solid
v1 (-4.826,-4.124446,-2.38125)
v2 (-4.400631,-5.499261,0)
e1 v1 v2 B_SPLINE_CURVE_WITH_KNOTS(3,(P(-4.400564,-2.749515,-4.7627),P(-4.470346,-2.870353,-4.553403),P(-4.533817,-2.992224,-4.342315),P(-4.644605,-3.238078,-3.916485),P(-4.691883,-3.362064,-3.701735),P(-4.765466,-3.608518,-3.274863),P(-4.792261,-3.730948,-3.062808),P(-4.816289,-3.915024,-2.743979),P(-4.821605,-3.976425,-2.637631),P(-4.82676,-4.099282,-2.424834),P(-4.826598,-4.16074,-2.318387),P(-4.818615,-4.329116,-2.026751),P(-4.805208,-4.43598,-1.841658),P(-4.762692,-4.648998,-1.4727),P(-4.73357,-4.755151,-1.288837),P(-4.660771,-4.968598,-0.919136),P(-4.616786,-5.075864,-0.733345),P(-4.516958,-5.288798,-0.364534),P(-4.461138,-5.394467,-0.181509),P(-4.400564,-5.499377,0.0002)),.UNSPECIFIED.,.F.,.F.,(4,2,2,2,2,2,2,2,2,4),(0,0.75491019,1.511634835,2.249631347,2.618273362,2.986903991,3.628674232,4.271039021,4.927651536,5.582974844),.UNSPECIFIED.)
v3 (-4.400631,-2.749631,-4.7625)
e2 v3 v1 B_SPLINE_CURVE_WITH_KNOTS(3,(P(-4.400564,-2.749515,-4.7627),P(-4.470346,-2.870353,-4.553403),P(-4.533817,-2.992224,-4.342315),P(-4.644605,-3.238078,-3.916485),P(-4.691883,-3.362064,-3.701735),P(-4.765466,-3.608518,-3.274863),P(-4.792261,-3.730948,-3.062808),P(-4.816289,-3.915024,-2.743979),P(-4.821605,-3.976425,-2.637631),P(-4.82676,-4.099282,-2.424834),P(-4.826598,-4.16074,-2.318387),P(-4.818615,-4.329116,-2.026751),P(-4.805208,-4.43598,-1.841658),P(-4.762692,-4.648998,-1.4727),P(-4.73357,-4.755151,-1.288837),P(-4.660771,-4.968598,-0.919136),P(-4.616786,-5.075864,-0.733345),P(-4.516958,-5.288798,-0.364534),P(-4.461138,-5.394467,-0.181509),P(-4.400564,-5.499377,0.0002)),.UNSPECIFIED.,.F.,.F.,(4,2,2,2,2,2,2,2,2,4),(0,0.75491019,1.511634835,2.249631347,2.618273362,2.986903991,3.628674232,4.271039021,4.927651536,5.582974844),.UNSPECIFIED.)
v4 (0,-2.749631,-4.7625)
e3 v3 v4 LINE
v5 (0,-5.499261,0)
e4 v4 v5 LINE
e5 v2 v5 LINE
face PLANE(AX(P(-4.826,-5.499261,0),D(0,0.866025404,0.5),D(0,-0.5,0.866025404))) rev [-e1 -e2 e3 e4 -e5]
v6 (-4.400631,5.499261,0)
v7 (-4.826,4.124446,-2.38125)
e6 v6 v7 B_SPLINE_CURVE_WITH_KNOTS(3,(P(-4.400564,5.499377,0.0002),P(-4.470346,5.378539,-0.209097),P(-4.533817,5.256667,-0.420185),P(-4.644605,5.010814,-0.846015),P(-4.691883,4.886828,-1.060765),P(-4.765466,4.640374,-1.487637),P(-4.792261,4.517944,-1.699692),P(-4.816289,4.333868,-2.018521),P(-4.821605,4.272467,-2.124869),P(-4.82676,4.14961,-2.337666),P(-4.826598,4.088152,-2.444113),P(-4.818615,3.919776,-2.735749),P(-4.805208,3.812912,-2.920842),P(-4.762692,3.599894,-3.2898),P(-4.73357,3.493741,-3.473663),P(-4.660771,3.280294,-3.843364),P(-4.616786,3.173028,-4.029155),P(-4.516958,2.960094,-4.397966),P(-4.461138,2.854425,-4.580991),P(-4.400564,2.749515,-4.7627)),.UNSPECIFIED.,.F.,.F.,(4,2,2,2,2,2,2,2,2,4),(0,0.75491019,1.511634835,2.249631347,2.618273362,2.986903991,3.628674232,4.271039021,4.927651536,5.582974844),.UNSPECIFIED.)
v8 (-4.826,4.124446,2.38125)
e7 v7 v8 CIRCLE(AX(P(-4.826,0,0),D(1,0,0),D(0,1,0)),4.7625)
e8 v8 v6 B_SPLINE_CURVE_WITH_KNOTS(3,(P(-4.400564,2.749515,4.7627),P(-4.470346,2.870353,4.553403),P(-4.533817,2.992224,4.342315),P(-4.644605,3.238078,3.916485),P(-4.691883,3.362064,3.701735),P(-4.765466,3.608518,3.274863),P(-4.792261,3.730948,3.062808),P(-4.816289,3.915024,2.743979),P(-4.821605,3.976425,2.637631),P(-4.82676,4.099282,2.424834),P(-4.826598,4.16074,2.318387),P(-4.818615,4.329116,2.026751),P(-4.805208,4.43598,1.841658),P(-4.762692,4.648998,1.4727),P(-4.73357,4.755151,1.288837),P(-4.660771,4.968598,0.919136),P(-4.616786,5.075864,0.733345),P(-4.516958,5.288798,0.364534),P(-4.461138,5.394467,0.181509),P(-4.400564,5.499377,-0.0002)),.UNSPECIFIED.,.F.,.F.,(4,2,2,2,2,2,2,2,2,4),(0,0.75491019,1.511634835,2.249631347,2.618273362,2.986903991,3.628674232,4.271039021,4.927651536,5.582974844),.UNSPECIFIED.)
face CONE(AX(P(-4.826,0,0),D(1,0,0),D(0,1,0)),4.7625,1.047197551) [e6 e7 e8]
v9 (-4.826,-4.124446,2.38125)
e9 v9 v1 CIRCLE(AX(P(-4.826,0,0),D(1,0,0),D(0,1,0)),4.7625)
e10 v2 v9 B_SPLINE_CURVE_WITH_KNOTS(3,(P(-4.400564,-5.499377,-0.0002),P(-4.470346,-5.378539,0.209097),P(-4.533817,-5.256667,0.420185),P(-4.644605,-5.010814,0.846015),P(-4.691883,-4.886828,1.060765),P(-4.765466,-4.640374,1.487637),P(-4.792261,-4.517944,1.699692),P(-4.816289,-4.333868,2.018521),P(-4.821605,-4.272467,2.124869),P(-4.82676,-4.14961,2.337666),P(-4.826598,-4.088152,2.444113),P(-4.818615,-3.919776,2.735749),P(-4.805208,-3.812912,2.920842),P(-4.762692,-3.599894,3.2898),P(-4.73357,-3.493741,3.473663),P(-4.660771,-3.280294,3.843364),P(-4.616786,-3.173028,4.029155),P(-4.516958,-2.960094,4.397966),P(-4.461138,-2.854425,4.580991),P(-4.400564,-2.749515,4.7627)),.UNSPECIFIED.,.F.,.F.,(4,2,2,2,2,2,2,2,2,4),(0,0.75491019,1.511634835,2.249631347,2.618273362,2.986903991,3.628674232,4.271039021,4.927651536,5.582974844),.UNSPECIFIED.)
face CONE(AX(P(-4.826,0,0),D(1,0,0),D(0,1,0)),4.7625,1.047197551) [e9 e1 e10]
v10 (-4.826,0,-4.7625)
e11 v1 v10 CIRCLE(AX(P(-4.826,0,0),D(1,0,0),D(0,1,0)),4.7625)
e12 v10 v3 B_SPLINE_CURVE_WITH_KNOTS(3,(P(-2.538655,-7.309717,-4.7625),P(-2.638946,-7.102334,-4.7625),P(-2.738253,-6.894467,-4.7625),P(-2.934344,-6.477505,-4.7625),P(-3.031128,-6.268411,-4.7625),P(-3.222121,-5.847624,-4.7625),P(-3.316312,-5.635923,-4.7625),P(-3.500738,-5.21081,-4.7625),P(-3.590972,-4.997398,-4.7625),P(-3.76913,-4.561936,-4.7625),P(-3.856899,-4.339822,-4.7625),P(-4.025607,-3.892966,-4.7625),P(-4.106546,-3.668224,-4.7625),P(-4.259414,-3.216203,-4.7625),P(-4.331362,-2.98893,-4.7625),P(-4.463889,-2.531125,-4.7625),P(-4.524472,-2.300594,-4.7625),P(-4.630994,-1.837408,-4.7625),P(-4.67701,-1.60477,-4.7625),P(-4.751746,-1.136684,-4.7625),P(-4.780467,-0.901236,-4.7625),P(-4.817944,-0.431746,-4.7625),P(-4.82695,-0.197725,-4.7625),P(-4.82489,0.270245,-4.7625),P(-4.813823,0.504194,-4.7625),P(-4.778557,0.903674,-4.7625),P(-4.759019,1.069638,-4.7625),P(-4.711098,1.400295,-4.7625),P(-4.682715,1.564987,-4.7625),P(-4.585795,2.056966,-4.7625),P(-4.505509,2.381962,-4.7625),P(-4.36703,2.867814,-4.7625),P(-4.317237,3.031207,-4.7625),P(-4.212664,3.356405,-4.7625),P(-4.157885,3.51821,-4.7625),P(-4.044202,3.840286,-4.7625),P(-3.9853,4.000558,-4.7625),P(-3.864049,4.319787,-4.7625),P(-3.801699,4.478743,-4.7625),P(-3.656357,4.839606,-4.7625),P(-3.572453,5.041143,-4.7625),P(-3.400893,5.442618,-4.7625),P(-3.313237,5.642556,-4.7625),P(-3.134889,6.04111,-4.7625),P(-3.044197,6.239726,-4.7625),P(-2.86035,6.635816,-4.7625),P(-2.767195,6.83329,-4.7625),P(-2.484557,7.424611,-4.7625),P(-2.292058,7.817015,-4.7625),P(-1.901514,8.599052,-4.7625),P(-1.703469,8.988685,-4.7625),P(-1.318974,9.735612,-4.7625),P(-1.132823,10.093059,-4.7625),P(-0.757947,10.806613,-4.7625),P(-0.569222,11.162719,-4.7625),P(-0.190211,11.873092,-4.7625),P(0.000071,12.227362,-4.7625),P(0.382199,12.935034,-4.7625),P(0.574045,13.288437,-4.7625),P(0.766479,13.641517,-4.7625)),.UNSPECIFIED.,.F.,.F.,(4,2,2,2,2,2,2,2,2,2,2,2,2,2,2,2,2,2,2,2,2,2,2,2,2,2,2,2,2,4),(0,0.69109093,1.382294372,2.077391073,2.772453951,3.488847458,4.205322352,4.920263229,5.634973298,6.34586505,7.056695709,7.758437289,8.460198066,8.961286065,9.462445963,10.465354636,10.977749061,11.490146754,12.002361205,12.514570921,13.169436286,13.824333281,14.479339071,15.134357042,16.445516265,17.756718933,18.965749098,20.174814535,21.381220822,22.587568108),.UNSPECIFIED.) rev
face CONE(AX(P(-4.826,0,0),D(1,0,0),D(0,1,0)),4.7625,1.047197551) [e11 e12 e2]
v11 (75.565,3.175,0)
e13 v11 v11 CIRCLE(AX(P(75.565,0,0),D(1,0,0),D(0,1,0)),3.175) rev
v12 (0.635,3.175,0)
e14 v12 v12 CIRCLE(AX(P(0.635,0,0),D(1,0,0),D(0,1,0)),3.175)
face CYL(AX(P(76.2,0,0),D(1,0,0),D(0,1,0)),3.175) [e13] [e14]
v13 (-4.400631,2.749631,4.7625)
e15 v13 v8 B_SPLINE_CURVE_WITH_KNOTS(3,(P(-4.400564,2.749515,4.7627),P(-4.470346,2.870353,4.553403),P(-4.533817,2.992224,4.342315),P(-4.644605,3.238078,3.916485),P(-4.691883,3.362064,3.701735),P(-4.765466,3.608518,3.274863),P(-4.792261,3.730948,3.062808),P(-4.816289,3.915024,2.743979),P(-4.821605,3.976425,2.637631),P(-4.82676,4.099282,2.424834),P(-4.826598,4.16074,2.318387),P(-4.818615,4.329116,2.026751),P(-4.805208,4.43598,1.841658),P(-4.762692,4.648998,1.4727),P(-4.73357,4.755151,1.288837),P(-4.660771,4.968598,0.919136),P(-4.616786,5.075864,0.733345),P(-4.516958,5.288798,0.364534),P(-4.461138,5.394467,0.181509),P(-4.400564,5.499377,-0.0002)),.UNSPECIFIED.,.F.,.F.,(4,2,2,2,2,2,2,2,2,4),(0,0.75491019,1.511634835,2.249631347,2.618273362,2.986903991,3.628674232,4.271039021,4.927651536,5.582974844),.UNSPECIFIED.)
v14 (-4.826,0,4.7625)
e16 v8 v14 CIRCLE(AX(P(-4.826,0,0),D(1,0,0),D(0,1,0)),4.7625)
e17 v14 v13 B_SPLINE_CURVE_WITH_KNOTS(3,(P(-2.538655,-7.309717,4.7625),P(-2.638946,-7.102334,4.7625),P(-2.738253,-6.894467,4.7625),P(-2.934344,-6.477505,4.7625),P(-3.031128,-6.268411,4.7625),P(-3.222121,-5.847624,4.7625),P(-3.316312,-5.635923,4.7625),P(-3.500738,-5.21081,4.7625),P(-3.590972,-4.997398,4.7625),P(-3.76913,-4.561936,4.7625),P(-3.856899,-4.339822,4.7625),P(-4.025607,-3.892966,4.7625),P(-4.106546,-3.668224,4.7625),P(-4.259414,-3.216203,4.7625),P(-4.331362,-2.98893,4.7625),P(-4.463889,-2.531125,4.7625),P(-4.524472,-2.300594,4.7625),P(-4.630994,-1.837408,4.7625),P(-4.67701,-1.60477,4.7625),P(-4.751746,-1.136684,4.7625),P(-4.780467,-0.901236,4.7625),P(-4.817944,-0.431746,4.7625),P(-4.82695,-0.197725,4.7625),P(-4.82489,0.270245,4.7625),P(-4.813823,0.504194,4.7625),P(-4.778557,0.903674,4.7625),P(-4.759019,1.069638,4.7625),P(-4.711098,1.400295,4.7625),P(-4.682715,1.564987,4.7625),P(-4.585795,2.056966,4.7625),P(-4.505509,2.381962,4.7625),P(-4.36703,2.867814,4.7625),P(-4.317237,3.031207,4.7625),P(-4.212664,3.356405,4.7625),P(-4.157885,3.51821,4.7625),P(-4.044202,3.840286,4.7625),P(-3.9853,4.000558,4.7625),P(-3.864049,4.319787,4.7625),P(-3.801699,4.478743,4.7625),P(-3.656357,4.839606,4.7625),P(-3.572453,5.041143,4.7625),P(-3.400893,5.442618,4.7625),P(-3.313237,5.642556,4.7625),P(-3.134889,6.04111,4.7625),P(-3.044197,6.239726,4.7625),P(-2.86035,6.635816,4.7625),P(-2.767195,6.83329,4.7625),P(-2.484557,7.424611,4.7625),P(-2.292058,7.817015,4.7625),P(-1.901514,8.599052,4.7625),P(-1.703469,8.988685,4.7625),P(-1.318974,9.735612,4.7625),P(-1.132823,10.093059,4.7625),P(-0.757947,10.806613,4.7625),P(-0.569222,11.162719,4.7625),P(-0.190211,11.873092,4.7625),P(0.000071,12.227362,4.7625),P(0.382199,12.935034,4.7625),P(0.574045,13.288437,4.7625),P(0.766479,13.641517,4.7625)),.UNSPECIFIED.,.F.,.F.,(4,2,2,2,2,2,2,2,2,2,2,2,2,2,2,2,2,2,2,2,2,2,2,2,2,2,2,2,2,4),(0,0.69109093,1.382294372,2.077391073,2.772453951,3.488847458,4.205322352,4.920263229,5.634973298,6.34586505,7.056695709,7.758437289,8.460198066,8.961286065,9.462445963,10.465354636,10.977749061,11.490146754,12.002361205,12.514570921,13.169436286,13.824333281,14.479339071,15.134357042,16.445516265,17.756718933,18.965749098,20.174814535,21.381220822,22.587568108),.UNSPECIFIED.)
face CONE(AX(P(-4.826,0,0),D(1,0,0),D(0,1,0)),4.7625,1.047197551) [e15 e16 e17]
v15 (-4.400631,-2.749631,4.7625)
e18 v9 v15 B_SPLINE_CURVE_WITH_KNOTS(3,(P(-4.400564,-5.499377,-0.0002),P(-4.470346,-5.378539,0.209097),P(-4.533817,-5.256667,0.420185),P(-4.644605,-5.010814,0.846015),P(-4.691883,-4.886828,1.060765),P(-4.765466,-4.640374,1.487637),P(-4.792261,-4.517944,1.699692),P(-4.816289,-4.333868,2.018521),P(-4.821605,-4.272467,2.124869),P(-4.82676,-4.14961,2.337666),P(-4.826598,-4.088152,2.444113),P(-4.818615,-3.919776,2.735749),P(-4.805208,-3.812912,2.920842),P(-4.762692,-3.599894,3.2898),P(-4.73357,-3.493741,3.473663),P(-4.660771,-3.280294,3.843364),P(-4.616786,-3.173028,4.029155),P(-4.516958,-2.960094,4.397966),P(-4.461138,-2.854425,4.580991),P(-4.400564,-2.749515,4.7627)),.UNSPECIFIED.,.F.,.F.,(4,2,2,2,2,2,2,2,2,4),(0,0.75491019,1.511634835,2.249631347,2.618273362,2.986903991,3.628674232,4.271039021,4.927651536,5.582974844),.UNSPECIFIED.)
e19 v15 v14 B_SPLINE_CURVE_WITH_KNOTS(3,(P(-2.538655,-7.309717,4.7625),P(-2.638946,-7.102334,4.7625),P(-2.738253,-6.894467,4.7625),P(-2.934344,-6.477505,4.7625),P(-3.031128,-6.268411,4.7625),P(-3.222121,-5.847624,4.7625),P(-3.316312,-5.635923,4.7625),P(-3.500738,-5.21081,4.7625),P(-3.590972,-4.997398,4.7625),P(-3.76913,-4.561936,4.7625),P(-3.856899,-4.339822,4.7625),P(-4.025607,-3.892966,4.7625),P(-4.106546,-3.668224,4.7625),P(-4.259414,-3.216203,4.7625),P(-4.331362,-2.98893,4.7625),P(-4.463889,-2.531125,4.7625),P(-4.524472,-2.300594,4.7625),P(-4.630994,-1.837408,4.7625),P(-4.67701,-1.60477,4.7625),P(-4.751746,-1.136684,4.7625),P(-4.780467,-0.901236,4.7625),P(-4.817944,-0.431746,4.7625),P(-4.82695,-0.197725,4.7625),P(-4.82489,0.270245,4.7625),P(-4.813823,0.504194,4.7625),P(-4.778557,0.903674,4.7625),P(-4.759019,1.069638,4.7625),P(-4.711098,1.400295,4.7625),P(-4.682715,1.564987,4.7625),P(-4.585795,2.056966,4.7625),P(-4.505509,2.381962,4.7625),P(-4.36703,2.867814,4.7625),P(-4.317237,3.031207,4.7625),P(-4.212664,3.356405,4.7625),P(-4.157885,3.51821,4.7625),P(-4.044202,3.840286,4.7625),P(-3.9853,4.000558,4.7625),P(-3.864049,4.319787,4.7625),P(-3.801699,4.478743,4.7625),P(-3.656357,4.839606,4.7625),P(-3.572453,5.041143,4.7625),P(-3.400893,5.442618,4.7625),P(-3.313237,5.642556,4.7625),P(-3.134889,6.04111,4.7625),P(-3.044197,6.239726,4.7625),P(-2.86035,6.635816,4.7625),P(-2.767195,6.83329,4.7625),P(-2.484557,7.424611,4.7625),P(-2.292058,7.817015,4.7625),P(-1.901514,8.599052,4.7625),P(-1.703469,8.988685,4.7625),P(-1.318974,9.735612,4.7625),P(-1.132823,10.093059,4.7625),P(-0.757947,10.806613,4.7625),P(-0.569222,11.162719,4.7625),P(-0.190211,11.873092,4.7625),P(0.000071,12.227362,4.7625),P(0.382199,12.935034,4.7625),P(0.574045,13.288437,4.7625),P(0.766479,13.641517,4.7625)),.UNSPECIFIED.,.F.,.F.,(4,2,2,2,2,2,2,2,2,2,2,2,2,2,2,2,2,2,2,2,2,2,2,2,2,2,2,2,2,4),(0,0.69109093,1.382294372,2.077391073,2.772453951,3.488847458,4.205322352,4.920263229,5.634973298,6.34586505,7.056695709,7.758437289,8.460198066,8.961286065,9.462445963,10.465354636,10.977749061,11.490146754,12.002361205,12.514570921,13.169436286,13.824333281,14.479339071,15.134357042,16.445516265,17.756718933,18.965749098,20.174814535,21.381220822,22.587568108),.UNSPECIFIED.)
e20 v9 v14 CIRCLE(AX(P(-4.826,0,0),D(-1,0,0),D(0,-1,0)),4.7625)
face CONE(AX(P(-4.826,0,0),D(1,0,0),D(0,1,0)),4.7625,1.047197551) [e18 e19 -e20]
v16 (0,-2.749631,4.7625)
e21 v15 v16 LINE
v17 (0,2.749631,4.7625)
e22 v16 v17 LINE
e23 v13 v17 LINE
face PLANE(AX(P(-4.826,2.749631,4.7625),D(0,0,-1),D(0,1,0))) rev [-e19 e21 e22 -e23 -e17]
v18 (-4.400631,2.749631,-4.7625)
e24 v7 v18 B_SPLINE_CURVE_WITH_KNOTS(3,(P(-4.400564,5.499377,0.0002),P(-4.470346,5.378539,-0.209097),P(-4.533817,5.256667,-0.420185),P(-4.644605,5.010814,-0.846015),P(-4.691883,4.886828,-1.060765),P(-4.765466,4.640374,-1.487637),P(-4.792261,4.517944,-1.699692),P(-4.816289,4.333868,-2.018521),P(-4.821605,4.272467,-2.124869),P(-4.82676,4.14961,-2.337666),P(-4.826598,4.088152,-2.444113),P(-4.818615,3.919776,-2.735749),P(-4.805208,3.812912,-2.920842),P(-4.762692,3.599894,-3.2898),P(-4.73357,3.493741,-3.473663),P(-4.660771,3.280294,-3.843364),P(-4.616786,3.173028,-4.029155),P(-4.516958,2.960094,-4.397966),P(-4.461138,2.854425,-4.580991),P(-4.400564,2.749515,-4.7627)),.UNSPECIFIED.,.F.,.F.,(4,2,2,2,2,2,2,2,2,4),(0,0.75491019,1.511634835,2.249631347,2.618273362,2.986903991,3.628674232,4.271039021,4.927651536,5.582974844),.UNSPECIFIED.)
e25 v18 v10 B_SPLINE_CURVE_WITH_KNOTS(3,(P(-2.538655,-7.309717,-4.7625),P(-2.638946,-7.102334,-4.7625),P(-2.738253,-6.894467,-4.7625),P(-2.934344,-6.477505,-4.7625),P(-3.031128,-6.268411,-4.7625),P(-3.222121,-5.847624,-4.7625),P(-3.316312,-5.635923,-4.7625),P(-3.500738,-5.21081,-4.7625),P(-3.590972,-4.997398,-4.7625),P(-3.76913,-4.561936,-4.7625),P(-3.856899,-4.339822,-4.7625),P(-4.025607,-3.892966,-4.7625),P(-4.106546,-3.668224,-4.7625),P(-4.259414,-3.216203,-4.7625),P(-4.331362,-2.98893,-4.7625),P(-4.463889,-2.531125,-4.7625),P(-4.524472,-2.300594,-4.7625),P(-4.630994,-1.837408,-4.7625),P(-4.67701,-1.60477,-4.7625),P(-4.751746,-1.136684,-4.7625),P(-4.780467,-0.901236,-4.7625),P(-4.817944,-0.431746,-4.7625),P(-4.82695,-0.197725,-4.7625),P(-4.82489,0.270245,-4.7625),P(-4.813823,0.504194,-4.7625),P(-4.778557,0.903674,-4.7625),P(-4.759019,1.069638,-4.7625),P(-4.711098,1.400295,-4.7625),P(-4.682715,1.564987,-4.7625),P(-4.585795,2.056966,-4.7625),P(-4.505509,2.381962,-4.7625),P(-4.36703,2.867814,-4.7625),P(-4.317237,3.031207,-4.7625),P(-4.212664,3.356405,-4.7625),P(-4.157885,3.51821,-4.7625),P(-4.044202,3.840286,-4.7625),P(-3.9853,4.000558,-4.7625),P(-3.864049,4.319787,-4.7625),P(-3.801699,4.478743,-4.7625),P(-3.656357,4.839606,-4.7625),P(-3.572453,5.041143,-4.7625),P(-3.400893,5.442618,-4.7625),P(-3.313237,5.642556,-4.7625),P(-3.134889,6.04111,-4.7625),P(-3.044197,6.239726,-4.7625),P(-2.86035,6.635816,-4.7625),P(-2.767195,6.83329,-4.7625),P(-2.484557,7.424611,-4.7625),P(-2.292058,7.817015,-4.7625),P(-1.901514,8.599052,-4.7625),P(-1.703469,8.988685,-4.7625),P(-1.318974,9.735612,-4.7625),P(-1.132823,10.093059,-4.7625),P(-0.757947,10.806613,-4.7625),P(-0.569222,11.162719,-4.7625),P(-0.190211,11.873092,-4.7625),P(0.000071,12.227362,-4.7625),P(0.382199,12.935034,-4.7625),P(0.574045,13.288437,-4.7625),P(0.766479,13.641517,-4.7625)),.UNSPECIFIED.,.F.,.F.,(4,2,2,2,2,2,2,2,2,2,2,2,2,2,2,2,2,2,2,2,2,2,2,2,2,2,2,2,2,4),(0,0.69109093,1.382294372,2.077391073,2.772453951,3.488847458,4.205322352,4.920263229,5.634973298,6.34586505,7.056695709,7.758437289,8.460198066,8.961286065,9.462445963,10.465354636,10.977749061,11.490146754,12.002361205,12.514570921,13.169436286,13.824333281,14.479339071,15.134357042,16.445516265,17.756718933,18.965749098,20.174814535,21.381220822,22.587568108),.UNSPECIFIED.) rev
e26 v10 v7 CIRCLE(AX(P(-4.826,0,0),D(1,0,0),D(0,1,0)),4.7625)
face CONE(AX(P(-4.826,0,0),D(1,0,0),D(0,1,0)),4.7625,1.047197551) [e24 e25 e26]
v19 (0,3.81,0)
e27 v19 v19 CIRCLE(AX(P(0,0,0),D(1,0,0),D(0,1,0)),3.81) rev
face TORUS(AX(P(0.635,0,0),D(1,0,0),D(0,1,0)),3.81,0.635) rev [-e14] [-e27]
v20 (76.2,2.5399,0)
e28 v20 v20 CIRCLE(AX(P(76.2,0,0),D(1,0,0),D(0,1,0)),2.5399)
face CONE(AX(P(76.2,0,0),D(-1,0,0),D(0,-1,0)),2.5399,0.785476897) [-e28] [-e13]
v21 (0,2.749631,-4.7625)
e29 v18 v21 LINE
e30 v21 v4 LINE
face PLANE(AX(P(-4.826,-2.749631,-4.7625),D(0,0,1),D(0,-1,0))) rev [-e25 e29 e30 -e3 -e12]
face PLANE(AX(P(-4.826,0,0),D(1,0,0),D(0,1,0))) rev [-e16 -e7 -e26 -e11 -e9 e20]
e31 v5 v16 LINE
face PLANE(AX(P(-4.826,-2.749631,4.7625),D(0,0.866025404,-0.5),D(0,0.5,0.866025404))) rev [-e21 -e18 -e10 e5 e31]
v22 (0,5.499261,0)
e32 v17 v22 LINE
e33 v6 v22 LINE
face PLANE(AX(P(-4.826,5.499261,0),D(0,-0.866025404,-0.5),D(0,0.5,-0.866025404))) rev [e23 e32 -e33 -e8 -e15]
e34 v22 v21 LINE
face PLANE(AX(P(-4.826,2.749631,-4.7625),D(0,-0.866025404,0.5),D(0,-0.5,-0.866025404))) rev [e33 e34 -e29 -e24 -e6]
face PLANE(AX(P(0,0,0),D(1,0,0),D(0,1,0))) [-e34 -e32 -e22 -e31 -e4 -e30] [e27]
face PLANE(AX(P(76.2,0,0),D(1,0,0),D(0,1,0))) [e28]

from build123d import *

# Parameters (mm, degrees)
SKETCH1_W      = 76.2
SKETCH1_H      = 3.175
HEAD_DEPTH     = 4.826
CHAMFER2_SIZE  = 0.635
CHAMFER2_SIZE2 = 0.6351
FILLET_2_R     = 0.635


with BuildPart() as part:
    # Sketch1 → Body (revolve)
    with BuildSketch(Plane.XY):
        with Locations((38.1, 1.5875)):
            Rectangle(SKETCH1_W, SKETCH1_H)
    revolve(axis=Axis((76.2, 0, 0), (-1, 0, 0)))

    # Sketch2 → Head (add)
    with BuildSketch(Plane.ZY):
        Polygon((0, 5.499261314), (4.7625, 2.749630657), (4.7625, -2.749630657), (0, -5.499261314), (-4.7625, -2.749630657), (-4.7625, 2.749630657), align=None)
    extrude(amount=HEAD_DEPTH)

    # Sketch3 → Thread (revolve, cut)
    with BuildSketch(Plane.XY):
        Polygon((-4.826, 4.7625), (-4.276073869, 5.715), (-4.826, 5.715), align=None)
    revolve(axis=Axis((-1.1, 0, 0), (1, 0, 0)), mode=Mode.SUBTRACT)

    # Chamfer2
    chamfer2_edges = [part.edges().sort_by_distance(p)[0] for p in [
        (76.2, -3.175, 0),
    ]]
    chamfer2_side = [part.faces().sort_by_distance(p)[0] for p in [
        (38.1, -3.175, 0),
    ]]
    chamfer(chamfer2_edges, length=CHAMFER2_SIZE, length2=CHAMFER2_SIZE2, reference=chamfer2_side[0])

    # Fillet 2
    fillet_2_edges = [part.edges().sort_by_distance(p)[0] for p in [
        (0, -3.175, 0),
    ]]
    fillet(fillet_2_edges, radius=FILLET_2_R)


solid = part.part
